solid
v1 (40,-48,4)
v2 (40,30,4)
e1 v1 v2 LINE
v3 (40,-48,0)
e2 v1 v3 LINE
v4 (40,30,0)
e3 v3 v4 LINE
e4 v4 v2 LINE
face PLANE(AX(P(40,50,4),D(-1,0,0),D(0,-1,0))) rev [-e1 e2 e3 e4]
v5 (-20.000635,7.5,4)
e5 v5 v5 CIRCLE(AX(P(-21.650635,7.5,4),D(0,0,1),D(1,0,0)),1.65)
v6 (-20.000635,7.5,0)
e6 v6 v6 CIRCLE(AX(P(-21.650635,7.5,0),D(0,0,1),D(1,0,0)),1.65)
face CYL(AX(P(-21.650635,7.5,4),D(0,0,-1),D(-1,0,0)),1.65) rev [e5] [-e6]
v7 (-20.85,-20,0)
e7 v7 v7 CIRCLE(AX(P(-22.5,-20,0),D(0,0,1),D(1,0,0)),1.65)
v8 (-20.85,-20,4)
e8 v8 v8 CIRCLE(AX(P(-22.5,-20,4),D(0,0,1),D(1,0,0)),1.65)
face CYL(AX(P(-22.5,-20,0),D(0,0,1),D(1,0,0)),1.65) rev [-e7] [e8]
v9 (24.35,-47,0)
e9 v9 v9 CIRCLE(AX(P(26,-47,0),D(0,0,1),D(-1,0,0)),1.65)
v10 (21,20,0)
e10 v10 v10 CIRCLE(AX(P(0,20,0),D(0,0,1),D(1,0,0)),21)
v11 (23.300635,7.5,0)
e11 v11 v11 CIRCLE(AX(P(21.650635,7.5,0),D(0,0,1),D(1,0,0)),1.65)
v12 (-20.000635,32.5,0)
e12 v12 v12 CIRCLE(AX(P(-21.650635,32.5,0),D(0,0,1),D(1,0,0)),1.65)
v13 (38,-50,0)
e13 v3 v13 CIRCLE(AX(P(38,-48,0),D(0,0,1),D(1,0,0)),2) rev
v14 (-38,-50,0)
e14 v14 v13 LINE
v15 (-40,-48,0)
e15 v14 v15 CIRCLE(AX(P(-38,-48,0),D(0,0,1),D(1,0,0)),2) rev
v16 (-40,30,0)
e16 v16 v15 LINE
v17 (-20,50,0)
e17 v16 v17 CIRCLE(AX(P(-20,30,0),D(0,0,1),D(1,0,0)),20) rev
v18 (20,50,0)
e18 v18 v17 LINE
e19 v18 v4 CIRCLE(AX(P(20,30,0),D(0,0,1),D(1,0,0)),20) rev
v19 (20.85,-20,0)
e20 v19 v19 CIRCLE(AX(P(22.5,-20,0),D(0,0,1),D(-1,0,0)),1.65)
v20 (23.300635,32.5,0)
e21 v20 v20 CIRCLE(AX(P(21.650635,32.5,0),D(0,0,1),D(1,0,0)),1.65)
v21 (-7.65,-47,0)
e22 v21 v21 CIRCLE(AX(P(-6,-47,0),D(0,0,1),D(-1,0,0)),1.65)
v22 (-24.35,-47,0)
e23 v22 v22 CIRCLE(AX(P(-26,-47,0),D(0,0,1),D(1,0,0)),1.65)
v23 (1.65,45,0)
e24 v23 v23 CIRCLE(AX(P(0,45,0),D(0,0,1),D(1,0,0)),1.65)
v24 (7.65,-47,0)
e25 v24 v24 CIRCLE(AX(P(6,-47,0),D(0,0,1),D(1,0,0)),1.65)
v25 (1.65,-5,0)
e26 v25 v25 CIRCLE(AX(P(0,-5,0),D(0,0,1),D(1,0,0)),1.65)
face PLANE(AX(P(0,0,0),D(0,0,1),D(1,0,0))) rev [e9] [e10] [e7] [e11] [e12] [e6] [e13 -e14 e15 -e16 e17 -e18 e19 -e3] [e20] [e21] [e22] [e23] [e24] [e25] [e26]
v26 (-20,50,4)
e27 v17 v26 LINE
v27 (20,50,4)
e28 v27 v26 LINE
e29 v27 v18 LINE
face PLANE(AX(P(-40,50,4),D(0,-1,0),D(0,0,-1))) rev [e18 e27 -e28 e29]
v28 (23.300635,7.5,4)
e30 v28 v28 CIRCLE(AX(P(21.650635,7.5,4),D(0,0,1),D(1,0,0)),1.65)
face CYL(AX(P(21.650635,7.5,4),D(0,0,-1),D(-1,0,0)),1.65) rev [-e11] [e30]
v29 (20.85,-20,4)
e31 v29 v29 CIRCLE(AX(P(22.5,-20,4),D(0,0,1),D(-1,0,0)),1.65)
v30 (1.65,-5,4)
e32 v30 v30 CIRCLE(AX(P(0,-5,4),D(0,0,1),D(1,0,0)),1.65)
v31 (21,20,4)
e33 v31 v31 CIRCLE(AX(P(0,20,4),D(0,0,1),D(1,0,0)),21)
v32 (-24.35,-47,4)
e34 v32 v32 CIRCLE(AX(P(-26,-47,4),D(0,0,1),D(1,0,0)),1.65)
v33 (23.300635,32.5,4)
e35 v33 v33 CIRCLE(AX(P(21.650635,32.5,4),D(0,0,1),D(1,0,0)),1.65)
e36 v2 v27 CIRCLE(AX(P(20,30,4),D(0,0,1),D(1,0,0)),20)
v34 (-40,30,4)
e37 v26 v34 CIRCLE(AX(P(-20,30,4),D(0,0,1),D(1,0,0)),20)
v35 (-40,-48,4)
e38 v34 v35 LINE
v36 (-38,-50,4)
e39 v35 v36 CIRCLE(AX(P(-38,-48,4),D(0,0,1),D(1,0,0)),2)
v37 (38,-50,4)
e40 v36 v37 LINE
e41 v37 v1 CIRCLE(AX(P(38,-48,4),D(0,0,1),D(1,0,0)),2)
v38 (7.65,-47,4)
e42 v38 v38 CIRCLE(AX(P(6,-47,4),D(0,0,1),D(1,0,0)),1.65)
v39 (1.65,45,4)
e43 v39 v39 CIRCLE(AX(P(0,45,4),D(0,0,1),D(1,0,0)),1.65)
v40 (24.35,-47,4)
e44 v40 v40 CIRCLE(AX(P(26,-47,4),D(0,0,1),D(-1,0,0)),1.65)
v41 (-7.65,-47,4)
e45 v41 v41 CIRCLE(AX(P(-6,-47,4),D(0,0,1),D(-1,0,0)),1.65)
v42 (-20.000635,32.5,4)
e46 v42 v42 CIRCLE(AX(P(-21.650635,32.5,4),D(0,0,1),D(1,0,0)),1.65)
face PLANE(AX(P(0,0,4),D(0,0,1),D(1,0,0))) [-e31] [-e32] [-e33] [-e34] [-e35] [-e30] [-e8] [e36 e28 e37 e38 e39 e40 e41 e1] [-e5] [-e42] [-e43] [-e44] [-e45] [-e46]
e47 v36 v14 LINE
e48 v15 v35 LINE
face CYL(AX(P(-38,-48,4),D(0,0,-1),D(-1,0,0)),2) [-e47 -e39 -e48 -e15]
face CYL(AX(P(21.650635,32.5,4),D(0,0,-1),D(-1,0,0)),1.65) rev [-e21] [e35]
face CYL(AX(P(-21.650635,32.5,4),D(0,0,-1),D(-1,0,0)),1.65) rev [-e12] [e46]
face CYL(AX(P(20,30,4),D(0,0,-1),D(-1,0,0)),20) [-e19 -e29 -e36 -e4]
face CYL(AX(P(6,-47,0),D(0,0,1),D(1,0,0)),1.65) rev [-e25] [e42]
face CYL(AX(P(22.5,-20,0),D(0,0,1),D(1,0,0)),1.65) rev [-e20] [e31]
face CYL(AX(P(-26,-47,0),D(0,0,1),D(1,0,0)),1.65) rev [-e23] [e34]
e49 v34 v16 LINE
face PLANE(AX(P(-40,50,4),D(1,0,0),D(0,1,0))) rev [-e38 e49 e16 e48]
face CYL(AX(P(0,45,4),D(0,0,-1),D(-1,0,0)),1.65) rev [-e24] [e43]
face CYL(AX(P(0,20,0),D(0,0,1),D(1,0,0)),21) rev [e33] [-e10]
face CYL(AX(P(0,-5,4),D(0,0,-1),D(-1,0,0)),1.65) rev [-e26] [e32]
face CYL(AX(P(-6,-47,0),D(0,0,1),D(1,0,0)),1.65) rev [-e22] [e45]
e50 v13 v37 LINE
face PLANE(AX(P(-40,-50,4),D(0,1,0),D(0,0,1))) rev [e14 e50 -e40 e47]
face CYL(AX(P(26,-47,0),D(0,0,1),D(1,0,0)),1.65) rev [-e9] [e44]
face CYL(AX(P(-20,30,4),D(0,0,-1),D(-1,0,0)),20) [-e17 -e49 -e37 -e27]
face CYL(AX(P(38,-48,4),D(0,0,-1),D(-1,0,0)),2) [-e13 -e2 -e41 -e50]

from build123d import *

# Parameters (mm, degrees)
SKETCH_1_W          = 80
SKETCH_1_H          = 100
SKETCH_1_R          = 1.65
EXTRUDE_1_DEPTH     = 4
SKETCH_3_R          = 21
CUT_EXTRUDE_2_DEPTH = 65.156059729
FILLET_1_R          = 2
SKETCH_2_R          = 1.65
CUT_EXTRUDE_1_DEPTH = 65.156059729
FILLET_2_R          = 20
SKETCH_4_R          = 1.65
CUT_EXTRUDE_3_DEPTH = 65.156059729


with BuildPart() as part:
    # 草图1 → 凸台-拉伸1 (new body)
    with BuildSketch(Plane.XY):
        Rectangle(SKETCH_1_W, SKETCH_1_H)
        with Locations((0, 45)):
            Circle(SKETCH_1_R, mode=Mode.SUBTRACT)
        with Locations((21.650635095, 32.5)):
            Circle(SKETCH_1_R, mode=Mode.SUBTRACT)
        with Locations((21.650635095, 7.5)):
            Circle(SKETCH_1_R, mode=Mode.SUBTRACT)
        with Locations((0, -5)):
            Circle(SKETCH_1_R, mode=Mode.SUBTRACT)
        with Locations((-21.650635095, 7.5)):
            Circle(SKETCH_1_R, mode=Mode.SUBTRACT)
        with Locations((-21.650635095, 32.5)):
            Circle(SKETCH_1_R, mode=Mode.SUBTRACT)
    extrude(amount=EXTRUDE_1_DEPTH)

    # 草图3 → 切除-拉伸2 (cut, through all)
    with BuildSketch(Plane.XY.offset(4)):
        with Locations((0, 20)):
            Circle(SKETCH_3_R)
    extrude(amount=-CUT_EXTRUDE_2_DEPTH, mode=Mode.SUBTRACT)

    # 圆角1
    fillet_1_edges = [part.edges().sort_by_distance(p)[0] for p in [
        (40, -50, 2),
        (-40, -50, 2),
    ]]
    fillet(fillet_1_edges, radius=FILLET_1_R)

    # 草图2 → 切除-拉伸1 (cut, through all)
    with BuildSketch(Plane.XY.offset(4)):
        with Locations((-26, -47)):
            Circle(SKETCH_2_R)
        with Locations(Location((-6, -47, 0), (0, 0, 180))):
            Circle(SKETCH_2_R)
        with Locations((6, -47)):
            Circle(SKETCH_2_R)
        with Locations(Location((26, -47, 0), (0, 0, 180))):
            Circle(SKETCH_2_R)
    extrude(amount=-CUT_EXTRUDE_1_DEPTH, mode=Mode.SUBTRACT)

    # 圆角2
    fillet_2_edges = [part.edges().sort_by_distance(p)[0] for p in [
        (-40, 50, 2),
        (40, 50, 2),
    ]]
    fillet(fillet_2_edges, radius=FILLET_2_R)

    # 草图4 → 切除-拉伸3 (cut, through all)
    with BuildSketch(Plane.XY.offset(4)):
        with Locations((-22.5, -20)):
            Circle(SKETCH_4_R)
        with Locations((-22.5, 60)):
            Circle(SKETCH_4_R)
        with Locations(Location((22.5, -20, 0), (0, 0, 180))):
            Circle(SKETCH_4_R)
        with Locations((22.5, 60)):
            Circle(SKETCH_4_R)
    extrude(amount=-CUT_EXTRUDE_3_DEPTH, mode=Mode.SUBTRACT)


solid = part.part
